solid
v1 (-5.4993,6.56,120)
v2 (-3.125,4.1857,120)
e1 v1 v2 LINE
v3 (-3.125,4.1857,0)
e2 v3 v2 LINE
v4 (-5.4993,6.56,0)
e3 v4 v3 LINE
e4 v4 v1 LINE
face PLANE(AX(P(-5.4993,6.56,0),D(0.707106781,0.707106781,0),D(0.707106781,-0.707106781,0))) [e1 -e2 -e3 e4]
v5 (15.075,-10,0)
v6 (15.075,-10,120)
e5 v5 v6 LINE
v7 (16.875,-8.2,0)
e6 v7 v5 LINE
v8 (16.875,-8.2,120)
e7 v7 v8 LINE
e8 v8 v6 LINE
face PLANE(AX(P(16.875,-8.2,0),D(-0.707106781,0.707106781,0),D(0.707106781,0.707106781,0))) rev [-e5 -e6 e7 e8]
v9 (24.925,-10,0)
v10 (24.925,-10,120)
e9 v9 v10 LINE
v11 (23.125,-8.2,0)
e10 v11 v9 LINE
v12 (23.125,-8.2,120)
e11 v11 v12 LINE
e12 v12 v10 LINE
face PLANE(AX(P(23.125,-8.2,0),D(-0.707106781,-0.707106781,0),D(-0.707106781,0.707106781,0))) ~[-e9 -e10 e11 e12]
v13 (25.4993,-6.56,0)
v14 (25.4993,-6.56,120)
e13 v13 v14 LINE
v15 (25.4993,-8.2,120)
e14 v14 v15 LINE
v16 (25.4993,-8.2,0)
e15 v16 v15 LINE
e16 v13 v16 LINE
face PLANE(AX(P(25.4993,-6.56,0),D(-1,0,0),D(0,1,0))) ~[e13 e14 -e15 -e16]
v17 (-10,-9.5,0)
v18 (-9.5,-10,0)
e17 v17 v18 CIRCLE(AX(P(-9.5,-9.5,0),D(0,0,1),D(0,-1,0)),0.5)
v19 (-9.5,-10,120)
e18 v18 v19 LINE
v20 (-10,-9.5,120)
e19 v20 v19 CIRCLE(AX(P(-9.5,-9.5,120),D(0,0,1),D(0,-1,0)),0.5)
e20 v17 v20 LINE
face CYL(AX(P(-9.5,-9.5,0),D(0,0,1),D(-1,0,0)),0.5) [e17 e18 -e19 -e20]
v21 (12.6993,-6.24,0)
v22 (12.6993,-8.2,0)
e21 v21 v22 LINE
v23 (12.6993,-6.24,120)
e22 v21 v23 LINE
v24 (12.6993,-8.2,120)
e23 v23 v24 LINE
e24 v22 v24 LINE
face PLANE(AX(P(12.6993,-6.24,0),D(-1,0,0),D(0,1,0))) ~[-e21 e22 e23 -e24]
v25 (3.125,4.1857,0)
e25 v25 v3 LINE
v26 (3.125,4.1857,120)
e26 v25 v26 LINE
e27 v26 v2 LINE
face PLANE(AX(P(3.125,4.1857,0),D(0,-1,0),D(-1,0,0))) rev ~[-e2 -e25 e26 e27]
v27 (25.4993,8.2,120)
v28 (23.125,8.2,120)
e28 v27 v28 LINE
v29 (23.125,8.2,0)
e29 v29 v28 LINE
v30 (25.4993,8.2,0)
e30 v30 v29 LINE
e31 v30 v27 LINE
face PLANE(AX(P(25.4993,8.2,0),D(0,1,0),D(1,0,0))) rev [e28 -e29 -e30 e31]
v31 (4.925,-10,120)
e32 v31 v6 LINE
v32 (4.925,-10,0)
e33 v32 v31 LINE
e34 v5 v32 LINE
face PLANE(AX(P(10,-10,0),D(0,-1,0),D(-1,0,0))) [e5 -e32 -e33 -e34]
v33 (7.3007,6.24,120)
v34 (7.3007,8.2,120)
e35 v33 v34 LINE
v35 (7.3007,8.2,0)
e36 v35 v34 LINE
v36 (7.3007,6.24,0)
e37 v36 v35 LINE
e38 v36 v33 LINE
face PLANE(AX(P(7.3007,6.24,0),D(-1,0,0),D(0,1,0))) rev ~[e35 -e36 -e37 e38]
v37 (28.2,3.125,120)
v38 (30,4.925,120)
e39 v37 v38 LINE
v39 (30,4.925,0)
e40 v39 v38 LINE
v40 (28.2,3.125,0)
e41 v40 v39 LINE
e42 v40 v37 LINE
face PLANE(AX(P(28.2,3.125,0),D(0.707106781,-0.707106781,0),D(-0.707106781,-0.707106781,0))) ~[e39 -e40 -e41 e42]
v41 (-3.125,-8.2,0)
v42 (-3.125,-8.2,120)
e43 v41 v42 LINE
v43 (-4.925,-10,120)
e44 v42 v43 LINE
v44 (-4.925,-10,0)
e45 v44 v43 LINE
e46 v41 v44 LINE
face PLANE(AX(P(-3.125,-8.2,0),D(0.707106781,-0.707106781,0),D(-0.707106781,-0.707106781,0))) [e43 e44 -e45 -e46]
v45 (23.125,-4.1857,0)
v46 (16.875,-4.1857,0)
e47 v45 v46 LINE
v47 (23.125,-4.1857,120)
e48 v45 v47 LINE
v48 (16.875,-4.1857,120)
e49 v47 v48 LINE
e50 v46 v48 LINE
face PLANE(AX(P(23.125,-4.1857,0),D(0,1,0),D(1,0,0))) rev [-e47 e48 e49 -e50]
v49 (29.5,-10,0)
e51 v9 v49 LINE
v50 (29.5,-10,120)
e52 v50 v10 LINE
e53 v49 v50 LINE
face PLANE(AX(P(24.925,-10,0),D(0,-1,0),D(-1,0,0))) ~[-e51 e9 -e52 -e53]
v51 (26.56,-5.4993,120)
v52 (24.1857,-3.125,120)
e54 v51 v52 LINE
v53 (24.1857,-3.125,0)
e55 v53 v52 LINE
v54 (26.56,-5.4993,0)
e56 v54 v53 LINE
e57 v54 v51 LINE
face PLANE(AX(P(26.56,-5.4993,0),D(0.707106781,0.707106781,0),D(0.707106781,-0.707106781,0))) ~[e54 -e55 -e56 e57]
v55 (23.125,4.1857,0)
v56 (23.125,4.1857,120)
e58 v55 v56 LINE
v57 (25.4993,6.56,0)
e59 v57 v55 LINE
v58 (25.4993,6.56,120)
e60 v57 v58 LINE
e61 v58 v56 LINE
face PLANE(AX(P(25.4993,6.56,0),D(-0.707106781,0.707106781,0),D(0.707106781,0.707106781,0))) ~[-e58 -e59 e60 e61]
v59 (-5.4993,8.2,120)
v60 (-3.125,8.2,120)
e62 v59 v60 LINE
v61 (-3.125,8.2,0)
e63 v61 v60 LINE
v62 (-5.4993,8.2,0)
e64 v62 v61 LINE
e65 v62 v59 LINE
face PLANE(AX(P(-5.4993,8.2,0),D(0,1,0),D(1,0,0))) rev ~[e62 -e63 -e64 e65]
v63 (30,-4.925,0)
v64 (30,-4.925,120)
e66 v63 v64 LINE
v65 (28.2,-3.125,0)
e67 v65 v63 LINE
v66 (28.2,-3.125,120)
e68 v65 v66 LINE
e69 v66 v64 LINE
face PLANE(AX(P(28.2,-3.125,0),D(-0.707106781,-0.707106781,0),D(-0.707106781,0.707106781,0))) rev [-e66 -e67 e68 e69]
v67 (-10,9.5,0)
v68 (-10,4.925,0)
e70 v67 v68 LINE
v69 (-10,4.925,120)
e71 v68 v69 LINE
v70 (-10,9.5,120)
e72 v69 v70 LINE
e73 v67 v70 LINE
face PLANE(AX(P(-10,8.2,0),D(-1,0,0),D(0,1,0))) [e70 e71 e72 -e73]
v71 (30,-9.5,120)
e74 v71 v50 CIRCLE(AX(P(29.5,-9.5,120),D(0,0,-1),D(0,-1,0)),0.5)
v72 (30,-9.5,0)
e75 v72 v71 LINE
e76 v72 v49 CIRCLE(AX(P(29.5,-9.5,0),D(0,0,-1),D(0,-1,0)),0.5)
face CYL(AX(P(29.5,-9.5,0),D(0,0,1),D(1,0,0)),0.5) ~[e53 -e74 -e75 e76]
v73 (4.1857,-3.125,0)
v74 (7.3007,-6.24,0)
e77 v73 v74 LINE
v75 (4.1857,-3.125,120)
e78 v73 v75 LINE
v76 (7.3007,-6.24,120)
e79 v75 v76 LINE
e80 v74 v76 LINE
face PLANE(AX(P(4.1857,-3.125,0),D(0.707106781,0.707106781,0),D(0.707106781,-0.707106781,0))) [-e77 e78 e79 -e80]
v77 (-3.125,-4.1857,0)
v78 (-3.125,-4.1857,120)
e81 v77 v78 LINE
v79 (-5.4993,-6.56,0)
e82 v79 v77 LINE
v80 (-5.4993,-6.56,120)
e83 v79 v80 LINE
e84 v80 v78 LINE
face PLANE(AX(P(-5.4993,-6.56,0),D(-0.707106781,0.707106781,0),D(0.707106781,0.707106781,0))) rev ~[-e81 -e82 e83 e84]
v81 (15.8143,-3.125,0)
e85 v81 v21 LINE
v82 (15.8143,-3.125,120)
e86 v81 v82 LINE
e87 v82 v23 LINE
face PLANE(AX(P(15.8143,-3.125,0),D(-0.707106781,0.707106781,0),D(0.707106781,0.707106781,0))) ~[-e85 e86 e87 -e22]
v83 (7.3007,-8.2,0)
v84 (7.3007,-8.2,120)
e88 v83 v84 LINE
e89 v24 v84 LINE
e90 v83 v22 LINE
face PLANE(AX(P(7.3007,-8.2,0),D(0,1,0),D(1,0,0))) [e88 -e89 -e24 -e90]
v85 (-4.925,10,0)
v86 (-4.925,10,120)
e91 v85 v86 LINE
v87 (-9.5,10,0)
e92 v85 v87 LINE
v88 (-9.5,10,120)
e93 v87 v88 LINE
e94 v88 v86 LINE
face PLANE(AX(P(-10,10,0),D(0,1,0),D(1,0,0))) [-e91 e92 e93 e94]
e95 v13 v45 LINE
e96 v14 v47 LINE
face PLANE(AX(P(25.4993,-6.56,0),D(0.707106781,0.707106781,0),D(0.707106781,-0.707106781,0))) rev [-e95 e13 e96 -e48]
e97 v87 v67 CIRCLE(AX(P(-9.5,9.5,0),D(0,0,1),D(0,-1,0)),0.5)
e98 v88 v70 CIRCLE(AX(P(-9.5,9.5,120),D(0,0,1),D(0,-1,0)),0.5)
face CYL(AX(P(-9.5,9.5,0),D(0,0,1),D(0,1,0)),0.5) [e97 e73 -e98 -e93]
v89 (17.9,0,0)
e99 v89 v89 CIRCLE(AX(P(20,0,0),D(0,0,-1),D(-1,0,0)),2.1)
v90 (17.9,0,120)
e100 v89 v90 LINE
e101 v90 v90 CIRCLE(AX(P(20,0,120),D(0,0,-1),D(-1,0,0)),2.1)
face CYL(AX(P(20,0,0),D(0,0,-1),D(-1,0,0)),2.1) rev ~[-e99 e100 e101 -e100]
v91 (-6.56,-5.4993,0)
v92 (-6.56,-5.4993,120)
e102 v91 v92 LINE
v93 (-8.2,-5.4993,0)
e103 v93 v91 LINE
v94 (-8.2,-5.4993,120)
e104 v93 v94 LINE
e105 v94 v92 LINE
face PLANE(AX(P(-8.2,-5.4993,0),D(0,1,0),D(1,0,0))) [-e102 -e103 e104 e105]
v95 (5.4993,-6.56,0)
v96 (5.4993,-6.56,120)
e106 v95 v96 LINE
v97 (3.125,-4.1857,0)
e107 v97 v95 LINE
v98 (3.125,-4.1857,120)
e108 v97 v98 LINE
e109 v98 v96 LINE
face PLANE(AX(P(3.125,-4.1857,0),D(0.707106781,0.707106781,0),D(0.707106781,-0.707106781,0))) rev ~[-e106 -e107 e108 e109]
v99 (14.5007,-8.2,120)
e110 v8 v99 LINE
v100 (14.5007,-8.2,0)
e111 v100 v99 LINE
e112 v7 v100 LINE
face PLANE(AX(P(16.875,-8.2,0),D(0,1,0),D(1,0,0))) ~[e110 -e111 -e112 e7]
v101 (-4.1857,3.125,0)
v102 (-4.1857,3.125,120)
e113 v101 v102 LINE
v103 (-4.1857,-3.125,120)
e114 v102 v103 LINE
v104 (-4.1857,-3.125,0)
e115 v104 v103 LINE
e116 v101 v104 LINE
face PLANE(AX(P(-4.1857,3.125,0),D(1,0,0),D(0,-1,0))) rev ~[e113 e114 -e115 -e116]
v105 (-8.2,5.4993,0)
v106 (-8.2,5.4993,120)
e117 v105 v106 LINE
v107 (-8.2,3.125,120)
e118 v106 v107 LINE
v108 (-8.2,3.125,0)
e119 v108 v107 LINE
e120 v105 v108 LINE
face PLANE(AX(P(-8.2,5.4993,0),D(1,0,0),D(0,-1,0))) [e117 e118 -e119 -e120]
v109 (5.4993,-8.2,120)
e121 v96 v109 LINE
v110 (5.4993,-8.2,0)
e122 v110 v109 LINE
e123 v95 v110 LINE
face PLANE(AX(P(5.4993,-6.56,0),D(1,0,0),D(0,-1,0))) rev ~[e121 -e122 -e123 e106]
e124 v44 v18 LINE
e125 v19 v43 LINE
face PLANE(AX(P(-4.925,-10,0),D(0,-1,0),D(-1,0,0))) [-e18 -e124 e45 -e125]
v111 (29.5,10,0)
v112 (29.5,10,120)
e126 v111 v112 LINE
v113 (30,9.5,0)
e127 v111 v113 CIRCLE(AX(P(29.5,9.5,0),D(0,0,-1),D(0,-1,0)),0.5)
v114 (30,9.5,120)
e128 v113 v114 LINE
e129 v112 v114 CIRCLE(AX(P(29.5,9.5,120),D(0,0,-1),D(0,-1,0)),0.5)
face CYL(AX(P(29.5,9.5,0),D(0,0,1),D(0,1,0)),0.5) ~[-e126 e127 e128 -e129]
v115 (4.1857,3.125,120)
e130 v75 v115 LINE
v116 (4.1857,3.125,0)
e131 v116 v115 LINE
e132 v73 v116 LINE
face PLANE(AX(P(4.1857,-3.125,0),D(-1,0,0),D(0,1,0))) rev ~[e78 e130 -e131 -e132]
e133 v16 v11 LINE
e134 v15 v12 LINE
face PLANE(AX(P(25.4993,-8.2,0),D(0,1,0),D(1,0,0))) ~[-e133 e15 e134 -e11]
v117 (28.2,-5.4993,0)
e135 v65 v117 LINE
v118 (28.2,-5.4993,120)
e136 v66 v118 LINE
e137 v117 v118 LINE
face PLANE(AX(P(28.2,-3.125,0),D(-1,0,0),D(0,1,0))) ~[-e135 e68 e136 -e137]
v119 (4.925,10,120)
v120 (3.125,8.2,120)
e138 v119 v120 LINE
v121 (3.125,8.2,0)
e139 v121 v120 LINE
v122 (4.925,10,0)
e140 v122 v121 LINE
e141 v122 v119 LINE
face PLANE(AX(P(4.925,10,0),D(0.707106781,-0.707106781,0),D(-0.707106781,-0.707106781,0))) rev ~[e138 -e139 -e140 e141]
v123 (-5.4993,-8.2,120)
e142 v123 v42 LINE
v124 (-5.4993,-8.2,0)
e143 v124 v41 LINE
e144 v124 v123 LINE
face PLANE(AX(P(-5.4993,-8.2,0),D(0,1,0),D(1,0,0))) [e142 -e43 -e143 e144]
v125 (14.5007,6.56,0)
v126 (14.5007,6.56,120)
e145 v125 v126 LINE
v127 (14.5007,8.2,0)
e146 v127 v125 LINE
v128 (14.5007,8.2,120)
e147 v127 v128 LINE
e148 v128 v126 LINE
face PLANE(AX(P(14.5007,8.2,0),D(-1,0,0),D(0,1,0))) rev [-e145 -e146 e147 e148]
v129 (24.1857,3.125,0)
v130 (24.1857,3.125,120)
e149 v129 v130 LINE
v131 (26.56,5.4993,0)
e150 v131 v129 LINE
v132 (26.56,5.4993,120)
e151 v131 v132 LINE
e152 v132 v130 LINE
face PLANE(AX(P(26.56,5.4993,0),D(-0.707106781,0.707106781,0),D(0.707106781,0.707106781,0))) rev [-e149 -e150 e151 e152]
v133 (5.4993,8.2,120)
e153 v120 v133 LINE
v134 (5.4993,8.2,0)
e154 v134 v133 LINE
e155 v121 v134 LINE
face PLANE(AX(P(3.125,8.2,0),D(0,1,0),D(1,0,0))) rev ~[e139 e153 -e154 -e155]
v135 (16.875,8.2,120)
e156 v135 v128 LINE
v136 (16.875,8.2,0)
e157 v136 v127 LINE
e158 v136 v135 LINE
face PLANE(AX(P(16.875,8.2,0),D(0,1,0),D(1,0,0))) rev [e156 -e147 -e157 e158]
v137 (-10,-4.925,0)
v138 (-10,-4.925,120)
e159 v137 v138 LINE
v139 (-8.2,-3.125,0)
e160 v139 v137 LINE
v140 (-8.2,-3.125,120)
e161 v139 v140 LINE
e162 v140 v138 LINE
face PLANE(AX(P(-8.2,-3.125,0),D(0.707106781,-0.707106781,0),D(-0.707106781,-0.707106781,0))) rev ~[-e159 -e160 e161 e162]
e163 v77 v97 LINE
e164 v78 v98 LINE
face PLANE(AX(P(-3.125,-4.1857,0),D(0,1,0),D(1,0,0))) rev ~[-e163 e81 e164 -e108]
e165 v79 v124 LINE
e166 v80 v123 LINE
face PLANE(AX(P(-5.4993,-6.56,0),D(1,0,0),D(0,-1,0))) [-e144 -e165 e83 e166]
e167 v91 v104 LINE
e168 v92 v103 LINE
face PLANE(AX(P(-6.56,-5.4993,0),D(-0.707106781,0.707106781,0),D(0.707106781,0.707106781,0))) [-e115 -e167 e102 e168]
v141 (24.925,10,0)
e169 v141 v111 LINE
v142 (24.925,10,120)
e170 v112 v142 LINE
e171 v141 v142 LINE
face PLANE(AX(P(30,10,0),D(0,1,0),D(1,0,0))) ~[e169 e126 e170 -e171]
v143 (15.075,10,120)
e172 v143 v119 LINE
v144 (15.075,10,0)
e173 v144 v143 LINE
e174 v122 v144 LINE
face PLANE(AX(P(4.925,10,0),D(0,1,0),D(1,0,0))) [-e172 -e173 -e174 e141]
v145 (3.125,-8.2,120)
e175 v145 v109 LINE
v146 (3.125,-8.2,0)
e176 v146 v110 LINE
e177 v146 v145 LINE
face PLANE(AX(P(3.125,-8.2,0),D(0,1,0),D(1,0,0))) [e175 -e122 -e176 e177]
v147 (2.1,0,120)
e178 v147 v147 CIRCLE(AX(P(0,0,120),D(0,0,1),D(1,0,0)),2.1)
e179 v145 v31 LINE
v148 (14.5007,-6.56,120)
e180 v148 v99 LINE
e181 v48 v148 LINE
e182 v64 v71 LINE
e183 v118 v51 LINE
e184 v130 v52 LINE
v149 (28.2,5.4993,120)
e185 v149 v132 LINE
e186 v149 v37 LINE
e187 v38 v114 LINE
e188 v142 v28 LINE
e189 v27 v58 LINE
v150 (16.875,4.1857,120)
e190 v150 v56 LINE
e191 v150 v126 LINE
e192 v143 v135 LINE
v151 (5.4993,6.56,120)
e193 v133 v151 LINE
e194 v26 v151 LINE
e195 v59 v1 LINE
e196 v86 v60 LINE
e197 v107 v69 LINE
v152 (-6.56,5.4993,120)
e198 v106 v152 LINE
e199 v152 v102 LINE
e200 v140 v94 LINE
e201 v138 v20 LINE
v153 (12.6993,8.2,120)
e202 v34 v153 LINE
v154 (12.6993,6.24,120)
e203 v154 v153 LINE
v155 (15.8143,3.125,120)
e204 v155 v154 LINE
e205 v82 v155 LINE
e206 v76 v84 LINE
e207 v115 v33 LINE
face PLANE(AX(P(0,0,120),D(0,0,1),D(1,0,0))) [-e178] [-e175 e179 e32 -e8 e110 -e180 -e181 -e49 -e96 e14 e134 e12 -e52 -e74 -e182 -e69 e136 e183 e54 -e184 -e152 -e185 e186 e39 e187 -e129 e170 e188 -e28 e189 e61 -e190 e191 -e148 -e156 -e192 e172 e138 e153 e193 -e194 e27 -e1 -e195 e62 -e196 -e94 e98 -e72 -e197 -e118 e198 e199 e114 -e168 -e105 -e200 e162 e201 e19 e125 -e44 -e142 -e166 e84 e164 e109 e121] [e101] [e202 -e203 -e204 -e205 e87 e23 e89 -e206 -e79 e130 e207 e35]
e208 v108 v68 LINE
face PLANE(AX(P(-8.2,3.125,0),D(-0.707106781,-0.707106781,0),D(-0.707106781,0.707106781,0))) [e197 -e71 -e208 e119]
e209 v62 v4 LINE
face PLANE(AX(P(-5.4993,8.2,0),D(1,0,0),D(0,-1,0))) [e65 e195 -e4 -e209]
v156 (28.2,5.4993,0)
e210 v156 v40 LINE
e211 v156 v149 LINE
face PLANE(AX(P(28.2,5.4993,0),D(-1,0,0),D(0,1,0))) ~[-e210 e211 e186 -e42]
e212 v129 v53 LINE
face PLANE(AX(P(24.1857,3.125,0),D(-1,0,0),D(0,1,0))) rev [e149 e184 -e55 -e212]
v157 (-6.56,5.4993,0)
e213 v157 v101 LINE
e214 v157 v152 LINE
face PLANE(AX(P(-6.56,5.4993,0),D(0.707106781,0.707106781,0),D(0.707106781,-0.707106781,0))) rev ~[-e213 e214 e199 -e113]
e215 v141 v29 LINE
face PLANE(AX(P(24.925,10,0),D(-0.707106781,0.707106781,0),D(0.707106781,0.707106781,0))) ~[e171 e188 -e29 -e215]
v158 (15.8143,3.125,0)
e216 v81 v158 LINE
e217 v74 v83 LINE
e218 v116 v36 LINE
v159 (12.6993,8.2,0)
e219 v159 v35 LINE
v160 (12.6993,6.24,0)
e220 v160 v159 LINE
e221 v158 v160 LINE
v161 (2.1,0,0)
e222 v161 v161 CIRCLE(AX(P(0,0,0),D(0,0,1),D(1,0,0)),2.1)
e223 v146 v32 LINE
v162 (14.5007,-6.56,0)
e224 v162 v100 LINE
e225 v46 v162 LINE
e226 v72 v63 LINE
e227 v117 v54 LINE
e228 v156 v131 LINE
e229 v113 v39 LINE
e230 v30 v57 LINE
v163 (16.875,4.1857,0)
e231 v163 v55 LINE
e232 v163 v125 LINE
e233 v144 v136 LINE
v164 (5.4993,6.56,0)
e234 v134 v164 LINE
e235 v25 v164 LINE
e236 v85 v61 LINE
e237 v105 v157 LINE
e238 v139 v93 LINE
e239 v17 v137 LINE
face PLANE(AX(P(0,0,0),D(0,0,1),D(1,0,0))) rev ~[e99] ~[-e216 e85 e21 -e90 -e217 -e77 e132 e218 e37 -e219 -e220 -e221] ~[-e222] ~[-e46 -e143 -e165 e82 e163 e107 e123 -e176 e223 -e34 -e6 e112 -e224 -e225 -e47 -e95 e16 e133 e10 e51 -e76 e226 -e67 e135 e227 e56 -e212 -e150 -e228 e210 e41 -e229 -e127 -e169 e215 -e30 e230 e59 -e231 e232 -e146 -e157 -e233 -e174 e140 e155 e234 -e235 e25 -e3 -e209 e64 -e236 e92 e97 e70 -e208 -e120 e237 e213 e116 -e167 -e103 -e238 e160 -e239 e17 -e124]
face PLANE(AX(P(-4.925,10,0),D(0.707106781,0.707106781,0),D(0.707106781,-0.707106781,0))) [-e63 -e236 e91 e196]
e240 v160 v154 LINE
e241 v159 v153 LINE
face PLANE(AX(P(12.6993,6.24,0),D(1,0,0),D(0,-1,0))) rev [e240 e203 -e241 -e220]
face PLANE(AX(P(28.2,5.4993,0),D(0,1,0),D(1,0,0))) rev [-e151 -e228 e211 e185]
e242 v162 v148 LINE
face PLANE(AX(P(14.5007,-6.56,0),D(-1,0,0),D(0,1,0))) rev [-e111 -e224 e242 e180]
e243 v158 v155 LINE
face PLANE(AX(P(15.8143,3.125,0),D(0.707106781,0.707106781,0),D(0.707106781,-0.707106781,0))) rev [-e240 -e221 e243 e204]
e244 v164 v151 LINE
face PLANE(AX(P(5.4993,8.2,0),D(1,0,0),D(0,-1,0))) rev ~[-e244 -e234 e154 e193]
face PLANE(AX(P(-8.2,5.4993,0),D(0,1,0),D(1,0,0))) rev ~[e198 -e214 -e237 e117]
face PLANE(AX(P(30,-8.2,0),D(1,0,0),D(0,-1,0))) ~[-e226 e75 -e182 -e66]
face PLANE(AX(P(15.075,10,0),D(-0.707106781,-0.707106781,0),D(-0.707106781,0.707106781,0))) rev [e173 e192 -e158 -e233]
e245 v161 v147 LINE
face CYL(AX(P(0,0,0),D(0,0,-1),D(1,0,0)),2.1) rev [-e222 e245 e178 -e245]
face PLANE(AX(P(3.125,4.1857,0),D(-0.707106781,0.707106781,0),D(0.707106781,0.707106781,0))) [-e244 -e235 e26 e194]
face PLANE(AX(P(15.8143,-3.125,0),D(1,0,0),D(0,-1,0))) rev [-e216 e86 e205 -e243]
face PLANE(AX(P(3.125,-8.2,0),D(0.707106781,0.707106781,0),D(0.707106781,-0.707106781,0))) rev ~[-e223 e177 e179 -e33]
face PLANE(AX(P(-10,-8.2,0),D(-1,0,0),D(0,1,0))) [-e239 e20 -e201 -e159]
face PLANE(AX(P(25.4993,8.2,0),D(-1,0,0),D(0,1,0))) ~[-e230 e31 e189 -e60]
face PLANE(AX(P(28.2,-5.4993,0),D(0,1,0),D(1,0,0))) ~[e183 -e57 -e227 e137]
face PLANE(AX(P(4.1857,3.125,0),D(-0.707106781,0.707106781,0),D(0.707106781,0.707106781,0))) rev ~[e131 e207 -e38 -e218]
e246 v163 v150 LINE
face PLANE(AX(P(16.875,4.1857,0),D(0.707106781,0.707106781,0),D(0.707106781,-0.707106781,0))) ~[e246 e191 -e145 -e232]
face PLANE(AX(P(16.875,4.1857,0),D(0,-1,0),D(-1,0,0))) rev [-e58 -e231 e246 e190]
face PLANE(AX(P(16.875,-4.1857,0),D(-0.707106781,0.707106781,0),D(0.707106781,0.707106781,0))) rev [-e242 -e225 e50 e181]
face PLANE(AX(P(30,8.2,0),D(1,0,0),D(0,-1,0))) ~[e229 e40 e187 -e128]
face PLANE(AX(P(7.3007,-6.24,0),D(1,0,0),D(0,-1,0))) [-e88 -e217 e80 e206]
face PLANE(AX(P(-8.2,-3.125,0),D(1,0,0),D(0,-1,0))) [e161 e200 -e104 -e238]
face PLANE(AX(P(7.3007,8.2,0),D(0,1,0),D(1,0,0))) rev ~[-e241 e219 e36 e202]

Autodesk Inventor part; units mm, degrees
ref_plane "YZ Plane" through (0, 0, 0) normal (1, 0, 0) x (0, 1, 0)
ref_plane "XZ Plane" through (0, 0, 0) normal (0, 1, 0) x (-1, 0, 0)
sketch "Szkic1" plane through (0, 0, 0) normal (0, 0, 1) x (1, 0, 0)
  circle A0 centre (0, 0) radius 2.1
  line L0 (-10, 10) -> (10, 10)
  line L1 (10, 10) -> (10, -10)
  line L2 (10, -10) -> (-10, -10)
  line L3 (-10, -10) -> (-10, 10)
  line L4 (-10, -10) -> (10, 10) construction
  line L5 (10, -10) -> (-10, 10) construction
  line L6 (-10, 8.2) -> (10, 8.2)
  line L7 (-10, -8.2) -> (10, -8.2)
  line L8 (-8.2, 10) -> (-8.2, -10)
  line L9 (10, 10) -> (30, 10)
  line L10 (30, 10) -> (30, -10)
  line L11 (30, -10) -> (10, -10)
  line L12 (10, -10) -> (10, 10)
  line L13 (-4.1857, -4.1857) -> (4.1857, -4.1857)
  line L14 (4.1857, -4.1857) -> (4.1857, 4.1857)
  line L15 (4.1857, 4.1857) -> (-4.1857, 4.1857)
  line L16 (-4.1857, 4.1857) -> (-4.1857, -4.1857)
  line L17 (-8.2, 7.1393) -> (-4.1857, 3.125)
  line L18 (-7.1393, 8.2) -> (-3.125, 4.1857)
  line L19 (-4.925, 10) -> (-3.125, 8.2)
  line L20 (4.925, 10) -> (3.125, 8.2)
  line L21 (-3.125, -8.2) -> (-4.925, -10)
  line L22 (3.125, -8.2) -> (4.925, -10)
  line L23 (-8.2, -7.1393) -> (-4.1857, -3.125)
  line L24 (-7.1393, -8.2) -> (-3.125, -4.1857)
  line L25 (3.125, -4.1857) -> (7.1393, -8.2)
  line L26 (4.1857, -3.125) -> (7.3007, -6.24)
  line L27 (4.1857, 3.125) -> (7.3007, 6.24)
  line L28 (3.125, 4.1857) -> (7.1393, 8.2)
  line L29 (-5.4993, 8.2) -> (-5.4993, 6.56)
  line L30 (5.4993, 8.2) -> (5.4993, 6.56)
  line L31 (-8.2, 5.4993) -> (-6.56, 5.4993)
  line L32 (-8.2, -5.4993) -> (-6.56, -5.4993)
  line L33 (-5.4993, -6.56) -> (-5.4993, -8.2)
  line L34 (5.4993, -6.56) -> (5.4993, -8.2)
  line L35 (-8.2, 3.125) -> (-10, 4.925)
  line L36 (-8.2, -3.125) -> (-10, -4.925)
  line L37 (7.3007, 6.24) -> (7.3007, 8.2)
  line L38 (7.3007, -6.24) -> (7.3007, -8.2)
  point P0 (0, -8.2)
  point P1 (-8.2, -8.2)
  point P2 (-8.2, 8.2)
  dimension "d0" = 4.2
  dimension "d1" = 20
  dimension "d2" = 1.8
  dimension "d4" = 20
  dimension "d5" = 20
  dimension "d6" = 1.8
  dimension "d7" = 1.8
  dimension "d8" = 1.5
  dimension "d9" = 0.75
  dimension "d10" = 135
  dimension "d11" = 6.25
  dimension "d12" = 3.125
  dimension "d13" = 1.5
  dimension "d14" = 1.5
  dimension "d15" = 1.5
  dimension "d16" = 0.75
  dimension "d17" = 0.75
  dimension "d18" = 0.75
  dimension "d19" = 1.64
  dimension "d20" = 1.64
  dimension "d21" = 1.64
  dimension "d22" = 1.64
  dimension "d23" = 1.64
  dimension "d24" = 1.64
  dimension "d25" = 45
  dimension "d30" = 1.96
  dimension "d31" = 1.96
extrude "Wyciągnięcie proste1" add sketch "Szkic1" along normal blind 120 contours L0 L8 L6 L3 | L0 L19 L6 L8 | L6 L8 L35 L3 | L6 L18 L15 L16 L17 L8 | L0 L1 L6 L20 | L6 L29 L18 | L17 L31 L8 | L36 L8 L7 L3 | L7 L8 L2 L3 | L6 L28 L30 | L15 L14 L13 L16 | L8 L23 L16 L13 L24 L7 | L7 L21 L2 L8 | L32 L23 L8 | L1 L2 L22 L7 | L37 L27 L14 L15 L28 L6 | L24 L33 L7 | L7 L25 L13 L14 L26 L38 | L7 L34 L25
ref_plane "Płaszczyzna konstrukcyjna1" through (10, 8.2, 0) normal (1, 0, 0) x (0, 0, -1)
mirror "Odbij1" about plane through (10, 8.2, 0) normal (1, 0, 0) of "Wyciągnięcie proste1"
fillet "Zaokrąglenie1" radius 0.5 4 edges at (-10, 10, 60) (-10, -10, 60) (30, 10, 60) (30, -10, 60)
properties part number "2040vslot_short"
